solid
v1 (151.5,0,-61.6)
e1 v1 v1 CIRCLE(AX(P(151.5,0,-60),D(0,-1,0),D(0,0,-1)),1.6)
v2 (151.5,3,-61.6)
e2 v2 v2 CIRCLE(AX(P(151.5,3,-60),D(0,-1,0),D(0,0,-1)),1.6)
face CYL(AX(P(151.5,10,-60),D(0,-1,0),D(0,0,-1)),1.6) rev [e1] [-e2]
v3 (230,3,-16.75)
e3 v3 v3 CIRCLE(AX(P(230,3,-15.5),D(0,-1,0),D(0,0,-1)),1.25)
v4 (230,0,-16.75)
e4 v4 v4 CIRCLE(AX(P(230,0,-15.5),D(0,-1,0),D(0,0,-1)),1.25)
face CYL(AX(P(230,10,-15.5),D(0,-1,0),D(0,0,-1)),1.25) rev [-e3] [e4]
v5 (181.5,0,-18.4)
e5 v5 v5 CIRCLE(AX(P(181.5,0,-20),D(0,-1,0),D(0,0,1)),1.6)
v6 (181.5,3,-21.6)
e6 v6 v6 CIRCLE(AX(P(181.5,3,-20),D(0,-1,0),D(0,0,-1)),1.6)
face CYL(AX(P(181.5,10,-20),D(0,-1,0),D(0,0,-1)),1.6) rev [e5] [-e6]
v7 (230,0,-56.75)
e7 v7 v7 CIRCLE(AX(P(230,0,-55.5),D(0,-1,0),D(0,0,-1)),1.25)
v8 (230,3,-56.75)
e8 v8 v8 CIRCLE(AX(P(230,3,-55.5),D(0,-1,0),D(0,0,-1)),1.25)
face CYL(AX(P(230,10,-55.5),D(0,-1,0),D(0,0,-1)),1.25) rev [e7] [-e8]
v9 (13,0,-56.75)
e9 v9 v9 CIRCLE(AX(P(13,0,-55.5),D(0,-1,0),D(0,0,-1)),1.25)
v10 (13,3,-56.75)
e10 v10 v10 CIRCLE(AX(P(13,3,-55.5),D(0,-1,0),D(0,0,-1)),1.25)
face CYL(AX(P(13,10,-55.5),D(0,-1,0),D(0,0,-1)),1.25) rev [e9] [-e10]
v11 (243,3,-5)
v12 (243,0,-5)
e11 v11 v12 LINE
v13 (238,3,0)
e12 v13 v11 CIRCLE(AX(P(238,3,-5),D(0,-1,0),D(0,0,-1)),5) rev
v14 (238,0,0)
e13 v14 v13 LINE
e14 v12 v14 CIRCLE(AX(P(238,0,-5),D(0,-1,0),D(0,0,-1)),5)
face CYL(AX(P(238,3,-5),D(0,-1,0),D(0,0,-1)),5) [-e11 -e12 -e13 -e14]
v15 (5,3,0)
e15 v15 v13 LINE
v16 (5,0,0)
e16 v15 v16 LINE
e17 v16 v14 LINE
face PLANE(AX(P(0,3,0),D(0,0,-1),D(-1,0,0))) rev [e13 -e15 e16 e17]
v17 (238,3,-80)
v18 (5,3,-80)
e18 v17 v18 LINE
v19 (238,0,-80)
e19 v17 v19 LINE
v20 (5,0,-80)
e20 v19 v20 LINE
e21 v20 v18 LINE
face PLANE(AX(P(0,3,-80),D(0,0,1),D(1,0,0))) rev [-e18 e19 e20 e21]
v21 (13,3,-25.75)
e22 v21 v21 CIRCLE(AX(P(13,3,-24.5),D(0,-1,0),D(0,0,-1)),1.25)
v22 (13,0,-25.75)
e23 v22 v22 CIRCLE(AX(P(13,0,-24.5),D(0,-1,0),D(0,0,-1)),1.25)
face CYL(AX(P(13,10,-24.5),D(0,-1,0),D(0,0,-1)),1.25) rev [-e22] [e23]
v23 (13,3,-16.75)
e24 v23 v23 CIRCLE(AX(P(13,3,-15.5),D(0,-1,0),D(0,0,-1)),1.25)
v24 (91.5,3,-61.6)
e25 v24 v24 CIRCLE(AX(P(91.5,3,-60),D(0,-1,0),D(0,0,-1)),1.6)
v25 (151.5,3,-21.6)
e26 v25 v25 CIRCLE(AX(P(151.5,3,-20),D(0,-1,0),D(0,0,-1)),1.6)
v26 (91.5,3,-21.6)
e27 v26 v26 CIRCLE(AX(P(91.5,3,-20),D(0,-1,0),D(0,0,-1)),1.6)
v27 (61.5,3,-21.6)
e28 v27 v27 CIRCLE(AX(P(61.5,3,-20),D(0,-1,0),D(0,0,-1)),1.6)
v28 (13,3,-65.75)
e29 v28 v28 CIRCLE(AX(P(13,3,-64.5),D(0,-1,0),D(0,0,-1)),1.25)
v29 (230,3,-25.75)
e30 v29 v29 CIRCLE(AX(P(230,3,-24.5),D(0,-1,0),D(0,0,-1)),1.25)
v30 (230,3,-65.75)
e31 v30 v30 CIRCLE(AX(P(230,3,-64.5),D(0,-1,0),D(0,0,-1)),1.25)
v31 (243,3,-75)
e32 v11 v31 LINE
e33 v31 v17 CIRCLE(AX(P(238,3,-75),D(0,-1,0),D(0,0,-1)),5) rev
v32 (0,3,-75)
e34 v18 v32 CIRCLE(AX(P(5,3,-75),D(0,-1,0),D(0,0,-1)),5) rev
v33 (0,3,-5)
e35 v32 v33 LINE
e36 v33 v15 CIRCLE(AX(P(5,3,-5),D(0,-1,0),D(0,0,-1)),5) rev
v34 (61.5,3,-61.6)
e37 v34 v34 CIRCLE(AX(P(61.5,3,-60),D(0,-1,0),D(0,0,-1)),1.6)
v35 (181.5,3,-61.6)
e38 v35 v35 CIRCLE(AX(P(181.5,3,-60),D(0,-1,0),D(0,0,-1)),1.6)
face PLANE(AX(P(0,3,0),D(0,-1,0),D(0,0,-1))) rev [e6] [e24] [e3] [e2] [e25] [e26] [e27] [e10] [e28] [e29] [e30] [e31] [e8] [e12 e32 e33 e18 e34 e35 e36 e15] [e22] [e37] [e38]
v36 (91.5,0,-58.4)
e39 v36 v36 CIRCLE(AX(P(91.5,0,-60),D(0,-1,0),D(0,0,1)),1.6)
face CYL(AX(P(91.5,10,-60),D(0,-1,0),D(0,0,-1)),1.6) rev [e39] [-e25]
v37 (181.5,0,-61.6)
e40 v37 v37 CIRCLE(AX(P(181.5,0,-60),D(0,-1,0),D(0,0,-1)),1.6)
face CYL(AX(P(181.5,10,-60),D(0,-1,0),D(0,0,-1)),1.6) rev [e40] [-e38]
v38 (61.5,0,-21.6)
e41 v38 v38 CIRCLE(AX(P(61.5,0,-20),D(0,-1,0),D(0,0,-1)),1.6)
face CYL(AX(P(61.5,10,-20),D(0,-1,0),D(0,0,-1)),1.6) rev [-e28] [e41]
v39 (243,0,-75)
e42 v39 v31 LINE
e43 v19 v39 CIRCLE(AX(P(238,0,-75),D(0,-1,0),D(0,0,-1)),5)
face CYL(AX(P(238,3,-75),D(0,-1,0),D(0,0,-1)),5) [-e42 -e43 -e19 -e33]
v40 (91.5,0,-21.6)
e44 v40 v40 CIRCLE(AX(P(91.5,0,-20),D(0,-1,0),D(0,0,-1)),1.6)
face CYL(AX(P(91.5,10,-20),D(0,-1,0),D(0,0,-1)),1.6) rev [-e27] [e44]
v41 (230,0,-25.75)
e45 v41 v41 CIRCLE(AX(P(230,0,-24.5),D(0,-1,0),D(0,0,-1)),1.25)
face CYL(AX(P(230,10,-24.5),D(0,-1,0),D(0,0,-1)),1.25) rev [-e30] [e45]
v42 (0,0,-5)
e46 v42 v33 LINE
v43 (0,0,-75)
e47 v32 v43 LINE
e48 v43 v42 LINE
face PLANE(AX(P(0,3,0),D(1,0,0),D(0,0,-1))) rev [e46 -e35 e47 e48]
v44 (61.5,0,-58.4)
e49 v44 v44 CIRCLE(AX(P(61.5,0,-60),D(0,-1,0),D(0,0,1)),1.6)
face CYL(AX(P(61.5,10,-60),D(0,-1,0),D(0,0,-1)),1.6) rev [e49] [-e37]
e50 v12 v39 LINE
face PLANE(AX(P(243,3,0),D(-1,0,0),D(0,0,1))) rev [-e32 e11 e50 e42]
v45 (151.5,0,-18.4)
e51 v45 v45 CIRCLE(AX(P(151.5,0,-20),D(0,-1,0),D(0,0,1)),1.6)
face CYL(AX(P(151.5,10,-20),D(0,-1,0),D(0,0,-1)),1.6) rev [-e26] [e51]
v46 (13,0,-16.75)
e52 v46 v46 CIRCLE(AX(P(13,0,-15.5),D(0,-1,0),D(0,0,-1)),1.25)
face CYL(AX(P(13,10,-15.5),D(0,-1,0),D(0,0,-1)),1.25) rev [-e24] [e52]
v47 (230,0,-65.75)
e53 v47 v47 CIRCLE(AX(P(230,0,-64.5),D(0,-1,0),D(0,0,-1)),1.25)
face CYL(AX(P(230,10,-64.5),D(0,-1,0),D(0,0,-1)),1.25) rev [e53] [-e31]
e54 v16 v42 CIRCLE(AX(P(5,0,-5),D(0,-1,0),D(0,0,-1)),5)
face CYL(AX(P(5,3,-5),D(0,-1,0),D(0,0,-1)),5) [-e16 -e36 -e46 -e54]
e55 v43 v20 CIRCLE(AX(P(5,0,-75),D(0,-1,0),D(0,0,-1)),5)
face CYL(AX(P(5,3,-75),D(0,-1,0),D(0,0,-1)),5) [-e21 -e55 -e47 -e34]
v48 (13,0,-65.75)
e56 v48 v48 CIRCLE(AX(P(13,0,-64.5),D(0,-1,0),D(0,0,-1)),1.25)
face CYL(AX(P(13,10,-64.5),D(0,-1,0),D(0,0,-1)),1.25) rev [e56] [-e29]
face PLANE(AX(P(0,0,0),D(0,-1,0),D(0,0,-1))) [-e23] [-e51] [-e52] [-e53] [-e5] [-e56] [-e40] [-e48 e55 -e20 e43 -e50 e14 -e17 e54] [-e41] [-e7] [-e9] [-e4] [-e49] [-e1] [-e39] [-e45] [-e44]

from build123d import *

# Parameters (mm, degrees)
SKETCH_1_W          = 243
SKETCH_1_H          = 80
EXTRUDE_1_DEPTH     = 3
SKETCH_2_R          = 1.25
CUT_EXTRUDE_1_DEPTH = 10
FILLET_1_R          = 5
SKETCH_3_R          = 1.6
CUT_EXTRUDE_2_DEPTH = 10


with BuildPart() as part:
    # 草图1 → 凸台-拉伸1 (new body)
    with BuildSketch(Plane(origin=(0, 0, 0), x_dir=(1, 0, 0), z_dir=(0, 1, 0))):
        with Locations((121.5, 40)):
            Rectangle(SKETCH_1_W, SKETCH_1_H)
    extrude(amount=EXTRUDE_1_DEPTH)

    # 草图2 → 切除-拉伸1 (cut)
    with BuildSketch(Plane.XZ):
        with Locations((13, -64.5)):
            Circle(SKETCH_2_R)
        with Locations((13, -55.5)):
            Circle(SKETCH_2_R)
        with Locations((13, -24.5)):
            Circle(SKETCH_2_R)
        with Locations((13, -15.5)):
            Circle(SKETCH_2_R)
        with Locations((230, -55.5)):
            Circle(SKETCH_2_R)
        with Locations((230, -64.5)):
            Circle(SKETCH_2_R)
        with Locations((230, -24.5)):
            Circle(SKETCH_2_R)
        with Locations((230, -15.5)):
            Circle(SKETCH_2_R)
    extrude(amount=-CUT_EXTRUDE_1_DEPTH, mode=Mode.SUBTRACT)

    # 圆角1
    fillet_1_edges = [part.edges().sort_by_distance(p)[0] for p in [
        (0, 1.5, -80),
        (243, 1.5, -80),
        (243, 1.5, 0),
        (0, 1.5, 0),
    ]]
    fillet(fillet_1_edges, radius=FILLET_1_R)

    # 草图3 → 切除-拉伸2 (cut)
    with BuildSketch(Plane.XZ):
        with Locations((61.5, -20)):
            Circle(SKETCH_3_R)
        with Locations((91.5, -20)):
            Circle(SKETCH_3_R)
        with Locations((151.5, -20)):
            Circle(SKETCH_3_R)
        with Locations((181.5, -20)):
            Circle(SKETCH_3_R)
        with Locations((181.5, -60)):
            Circle(SKETCH_3_R)
        with Locations((151.5, -60)):
            Circle(SKETCH_3_R)
        with Locations((91.5, -60)):
            Circle(SKETCH_3_R)
        with Locations((61.5, -60)):
            Circle(SKETCH_3_R)
    extrude(amount=-CUT_EXTRUDE_2_DEPTH, mode=Mode.SUBTRACT)


solid = part.part
